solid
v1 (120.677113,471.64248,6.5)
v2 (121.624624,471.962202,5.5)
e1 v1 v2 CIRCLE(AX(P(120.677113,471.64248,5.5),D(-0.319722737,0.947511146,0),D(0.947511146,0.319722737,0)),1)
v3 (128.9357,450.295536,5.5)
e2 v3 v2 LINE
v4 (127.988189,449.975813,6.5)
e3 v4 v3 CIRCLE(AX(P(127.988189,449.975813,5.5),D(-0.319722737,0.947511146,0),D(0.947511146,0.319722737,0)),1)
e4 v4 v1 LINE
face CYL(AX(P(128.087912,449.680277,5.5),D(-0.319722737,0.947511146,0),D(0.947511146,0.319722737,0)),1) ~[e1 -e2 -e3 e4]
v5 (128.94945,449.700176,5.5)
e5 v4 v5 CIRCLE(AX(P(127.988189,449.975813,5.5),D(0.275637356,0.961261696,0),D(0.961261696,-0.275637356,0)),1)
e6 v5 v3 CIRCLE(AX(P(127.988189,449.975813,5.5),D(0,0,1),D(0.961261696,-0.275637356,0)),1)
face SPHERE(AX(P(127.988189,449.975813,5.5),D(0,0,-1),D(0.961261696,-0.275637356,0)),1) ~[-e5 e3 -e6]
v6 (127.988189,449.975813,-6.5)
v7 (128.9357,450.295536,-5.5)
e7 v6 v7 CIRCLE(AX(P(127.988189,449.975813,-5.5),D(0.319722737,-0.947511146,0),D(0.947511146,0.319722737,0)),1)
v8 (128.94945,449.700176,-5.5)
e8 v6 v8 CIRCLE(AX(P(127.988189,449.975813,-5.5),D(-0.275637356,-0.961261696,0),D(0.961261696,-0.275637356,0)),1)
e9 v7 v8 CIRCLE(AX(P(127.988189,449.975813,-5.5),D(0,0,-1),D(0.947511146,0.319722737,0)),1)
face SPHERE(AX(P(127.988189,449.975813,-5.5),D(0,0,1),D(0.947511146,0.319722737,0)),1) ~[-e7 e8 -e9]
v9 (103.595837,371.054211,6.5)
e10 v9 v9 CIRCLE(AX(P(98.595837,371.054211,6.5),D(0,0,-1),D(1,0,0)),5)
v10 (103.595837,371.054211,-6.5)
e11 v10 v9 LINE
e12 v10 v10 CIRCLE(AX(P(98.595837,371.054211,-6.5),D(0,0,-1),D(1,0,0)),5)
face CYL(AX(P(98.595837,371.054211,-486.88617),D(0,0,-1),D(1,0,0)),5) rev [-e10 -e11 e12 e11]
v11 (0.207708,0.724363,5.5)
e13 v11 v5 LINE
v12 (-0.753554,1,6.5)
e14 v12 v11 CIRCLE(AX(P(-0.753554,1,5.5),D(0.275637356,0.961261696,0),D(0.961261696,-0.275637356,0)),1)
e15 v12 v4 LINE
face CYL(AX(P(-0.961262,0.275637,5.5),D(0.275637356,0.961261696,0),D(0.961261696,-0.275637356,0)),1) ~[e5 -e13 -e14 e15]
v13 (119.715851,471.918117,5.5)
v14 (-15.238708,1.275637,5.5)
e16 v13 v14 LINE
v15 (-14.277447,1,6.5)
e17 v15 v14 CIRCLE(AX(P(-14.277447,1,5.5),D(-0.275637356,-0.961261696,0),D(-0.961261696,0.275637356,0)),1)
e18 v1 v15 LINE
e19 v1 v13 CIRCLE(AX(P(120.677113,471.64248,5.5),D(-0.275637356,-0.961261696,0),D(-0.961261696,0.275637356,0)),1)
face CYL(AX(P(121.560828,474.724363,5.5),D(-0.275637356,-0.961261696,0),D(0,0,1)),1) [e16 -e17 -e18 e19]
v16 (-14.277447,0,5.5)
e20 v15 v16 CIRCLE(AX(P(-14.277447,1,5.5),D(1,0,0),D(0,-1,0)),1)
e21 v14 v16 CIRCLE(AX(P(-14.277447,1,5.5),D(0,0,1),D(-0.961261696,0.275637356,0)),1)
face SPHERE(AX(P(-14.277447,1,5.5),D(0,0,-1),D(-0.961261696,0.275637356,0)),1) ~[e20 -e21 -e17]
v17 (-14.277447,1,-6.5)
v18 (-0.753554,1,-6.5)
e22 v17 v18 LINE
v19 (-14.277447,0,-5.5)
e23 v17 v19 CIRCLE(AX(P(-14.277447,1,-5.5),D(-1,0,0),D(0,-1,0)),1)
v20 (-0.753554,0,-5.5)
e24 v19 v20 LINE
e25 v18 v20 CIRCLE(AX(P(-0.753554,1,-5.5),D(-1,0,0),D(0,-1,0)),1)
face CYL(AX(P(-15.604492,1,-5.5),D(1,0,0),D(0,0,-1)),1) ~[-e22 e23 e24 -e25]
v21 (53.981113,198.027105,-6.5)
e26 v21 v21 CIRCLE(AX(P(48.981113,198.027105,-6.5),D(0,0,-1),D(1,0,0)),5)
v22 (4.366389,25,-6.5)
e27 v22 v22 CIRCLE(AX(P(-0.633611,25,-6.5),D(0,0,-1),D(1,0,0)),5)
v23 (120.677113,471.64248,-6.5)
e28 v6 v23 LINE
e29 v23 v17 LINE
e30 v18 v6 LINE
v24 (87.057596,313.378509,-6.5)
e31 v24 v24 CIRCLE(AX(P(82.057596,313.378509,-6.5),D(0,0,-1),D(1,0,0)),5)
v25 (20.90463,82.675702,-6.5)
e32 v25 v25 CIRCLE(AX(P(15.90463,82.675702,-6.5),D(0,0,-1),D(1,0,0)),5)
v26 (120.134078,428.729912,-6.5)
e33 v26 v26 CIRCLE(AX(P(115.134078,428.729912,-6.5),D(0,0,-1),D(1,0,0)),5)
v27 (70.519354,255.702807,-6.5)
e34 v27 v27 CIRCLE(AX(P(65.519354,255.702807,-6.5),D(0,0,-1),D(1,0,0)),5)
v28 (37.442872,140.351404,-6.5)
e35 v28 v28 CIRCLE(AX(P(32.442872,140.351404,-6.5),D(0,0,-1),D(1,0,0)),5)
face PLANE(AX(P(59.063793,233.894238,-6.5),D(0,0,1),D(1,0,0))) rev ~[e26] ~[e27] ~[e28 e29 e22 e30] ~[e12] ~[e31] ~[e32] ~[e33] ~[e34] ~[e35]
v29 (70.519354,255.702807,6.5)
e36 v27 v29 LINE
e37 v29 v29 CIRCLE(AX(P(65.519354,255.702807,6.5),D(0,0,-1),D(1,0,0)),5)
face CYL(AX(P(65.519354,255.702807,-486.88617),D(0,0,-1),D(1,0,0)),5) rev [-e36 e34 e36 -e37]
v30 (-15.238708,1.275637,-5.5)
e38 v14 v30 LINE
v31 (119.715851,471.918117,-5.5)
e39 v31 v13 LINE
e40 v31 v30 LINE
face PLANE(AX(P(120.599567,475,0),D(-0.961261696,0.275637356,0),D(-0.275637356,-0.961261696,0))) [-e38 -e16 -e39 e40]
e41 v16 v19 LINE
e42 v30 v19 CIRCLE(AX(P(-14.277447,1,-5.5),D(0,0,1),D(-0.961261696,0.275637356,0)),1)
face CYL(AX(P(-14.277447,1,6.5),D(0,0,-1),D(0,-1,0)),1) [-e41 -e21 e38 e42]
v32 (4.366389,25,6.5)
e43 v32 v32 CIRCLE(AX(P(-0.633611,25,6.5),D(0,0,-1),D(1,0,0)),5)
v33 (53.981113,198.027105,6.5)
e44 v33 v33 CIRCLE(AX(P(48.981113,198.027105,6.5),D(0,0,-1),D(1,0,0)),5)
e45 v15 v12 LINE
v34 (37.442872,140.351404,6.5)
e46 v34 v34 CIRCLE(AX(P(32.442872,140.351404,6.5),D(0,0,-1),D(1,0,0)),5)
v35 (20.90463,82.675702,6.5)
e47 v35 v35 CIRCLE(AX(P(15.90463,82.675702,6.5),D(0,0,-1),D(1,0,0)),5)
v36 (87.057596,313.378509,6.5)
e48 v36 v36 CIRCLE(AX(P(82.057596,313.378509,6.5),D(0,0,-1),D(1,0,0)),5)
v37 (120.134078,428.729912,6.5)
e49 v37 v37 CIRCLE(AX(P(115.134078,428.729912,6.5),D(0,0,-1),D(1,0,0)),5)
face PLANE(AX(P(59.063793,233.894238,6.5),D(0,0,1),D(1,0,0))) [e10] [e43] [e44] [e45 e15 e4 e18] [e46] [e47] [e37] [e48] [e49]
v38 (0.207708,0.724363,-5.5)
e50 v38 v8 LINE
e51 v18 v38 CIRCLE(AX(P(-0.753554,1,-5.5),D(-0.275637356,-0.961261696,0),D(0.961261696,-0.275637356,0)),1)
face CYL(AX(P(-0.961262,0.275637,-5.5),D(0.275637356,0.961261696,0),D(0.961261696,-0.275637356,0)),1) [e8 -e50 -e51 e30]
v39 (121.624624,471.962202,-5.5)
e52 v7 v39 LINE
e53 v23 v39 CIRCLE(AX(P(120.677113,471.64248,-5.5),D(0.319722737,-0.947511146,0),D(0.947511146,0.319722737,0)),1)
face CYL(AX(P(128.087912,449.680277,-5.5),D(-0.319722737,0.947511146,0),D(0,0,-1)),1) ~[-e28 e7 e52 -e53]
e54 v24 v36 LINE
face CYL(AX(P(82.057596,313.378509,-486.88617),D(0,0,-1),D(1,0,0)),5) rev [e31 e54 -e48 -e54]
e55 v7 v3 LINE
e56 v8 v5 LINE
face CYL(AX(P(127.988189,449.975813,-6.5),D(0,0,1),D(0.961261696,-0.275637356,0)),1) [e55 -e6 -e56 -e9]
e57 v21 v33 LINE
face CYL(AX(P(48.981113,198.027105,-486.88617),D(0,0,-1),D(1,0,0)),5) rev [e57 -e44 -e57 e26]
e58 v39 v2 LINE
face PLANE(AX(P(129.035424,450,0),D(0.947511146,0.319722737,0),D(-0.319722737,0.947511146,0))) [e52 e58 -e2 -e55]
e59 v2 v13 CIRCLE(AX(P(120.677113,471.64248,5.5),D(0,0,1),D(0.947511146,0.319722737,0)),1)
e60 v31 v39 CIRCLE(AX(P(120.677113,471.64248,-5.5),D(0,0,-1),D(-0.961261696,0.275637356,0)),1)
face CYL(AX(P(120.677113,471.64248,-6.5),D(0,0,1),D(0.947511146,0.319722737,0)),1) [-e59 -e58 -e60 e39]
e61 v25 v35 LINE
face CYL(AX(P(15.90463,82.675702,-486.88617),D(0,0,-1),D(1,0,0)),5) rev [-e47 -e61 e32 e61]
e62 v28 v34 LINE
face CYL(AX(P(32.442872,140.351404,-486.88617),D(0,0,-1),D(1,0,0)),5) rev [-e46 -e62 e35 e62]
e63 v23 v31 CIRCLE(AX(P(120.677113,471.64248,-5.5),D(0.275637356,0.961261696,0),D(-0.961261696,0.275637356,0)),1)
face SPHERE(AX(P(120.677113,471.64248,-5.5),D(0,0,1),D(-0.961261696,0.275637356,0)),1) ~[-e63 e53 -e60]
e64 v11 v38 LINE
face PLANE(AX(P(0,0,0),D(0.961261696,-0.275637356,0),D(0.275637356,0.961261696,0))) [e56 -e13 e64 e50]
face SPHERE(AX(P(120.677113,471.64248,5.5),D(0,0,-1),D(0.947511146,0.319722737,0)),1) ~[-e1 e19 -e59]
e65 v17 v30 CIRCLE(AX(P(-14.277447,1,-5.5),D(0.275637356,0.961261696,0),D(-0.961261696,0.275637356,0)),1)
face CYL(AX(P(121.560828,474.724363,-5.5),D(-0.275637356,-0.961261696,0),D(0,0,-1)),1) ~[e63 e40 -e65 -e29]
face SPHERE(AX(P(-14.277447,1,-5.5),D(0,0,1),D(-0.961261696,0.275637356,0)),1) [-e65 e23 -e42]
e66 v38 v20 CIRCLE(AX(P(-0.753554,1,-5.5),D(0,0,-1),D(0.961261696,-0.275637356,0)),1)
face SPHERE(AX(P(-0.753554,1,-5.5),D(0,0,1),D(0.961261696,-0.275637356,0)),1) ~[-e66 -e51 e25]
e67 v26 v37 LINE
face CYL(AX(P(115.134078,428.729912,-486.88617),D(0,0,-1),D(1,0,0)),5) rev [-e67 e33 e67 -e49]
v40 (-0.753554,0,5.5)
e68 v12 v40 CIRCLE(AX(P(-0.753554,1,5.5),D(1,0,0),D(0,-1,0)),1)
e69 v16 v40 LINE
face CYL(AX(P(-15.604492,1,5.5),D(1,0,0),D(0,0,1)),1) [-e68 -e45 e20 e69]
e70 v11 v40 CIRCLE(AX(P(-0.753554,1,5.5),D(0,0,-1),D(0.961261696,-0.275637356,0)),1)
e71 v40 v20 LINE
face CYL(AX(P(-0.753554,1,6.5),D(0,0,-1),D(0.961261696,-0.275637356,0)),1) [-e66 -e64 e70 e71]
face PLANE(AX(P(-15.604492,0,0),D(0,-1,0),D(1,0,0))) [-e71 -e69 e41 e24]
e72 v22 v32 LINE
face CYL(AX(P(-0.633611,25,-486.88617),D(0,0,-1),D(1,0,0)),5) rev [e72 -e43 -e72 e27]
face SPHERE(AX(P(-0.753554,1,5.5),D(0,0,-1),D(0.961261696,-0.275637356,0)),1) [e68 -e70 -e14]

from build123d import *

# Parameters (mm, degrees)
BOSS_EXTRUDE1_DEPTH     = 6.5
CUT_EXTRUDE1_DEPTH      = 493.386170136
CUT_EXTRUDE1_DEPTH_BACK = 493.386170136
SKETCH2_R               = 5
FILLET1_R               = 1


with BuildPart() as part:
    # Sketch1 → Boss-Extrude1 (new, symmetric)
    with BuildSketch(Plane.XY):
        Polygon((0, 0), (129.035423591, 450), (120.599566698, 475), (-15.604491538, 0), align=None)
    extrude(amount=BOSS_EXTRUDE1_DEPTH, both=True)

    # Sketch2 → Cut-Extrude1 (cut, two sides: drawn at the far end of the back side and taken through both)
    with BuildSketch(Plane.XY.offset(6.5).offset(-CUT_EXTRUDE1_DEPTH_BACK)):
        with Locations((-0.633611125, 25)):
            Circle(SKETCH2_R)
        with Locations((15.904630224, 82.675701756)):
            Circle(SKETCH2_R)
        with Locations((32.442871573, 140.351403513)):
            Circle(SKETCH2_R)
        with Locations((48.981112922, 198.027105269)):
            Circle(SKETCH2_R)
        with Locations((65.519354271, 255.702807025)):
            Circle(SKETCH2_R)
        with Locations((82.05759562, 313.378508781)):
            Circle(SKETCH2_R)
        with Locations((98.595836969, 371.054210538)):
            Circle(SKETCH2_R)
        with Locations((115.134078318, 428.729912294)):
            Circle(SKETCH2_R)
    extrude(amount=CUT_EXTRUDE1_DEPTH + CUT_EXTRUDE1_DEPTH_BACK, mode=Mode.SUBTRACT)

    # Fillet1
    fillet1_edges = [part.edges().sort_by_distance(p)[0] for p in [
        (124.817495144, 462.5, 6.5),
        (52.49753758, 237.5, 6.5),
        (-7.802245769, 0, 6.5),
        (52.49753758, 237.5, -6.5),
        (124.817495144, 462.5, -6.5),
        (64.517711796, 225, -6.5),
        (-7.802245769, 0, -6.5),
        (-15.604491538, 0, 0),
        (120.599566698, 475, 0),
        (129.035423591, 450, 0),
        (0, 0, 0),
        (64.517711796, 225, 6.5),
    ]]
    fillet(fillet1_edges, radius=FILLET1_R)


solid = part.part
